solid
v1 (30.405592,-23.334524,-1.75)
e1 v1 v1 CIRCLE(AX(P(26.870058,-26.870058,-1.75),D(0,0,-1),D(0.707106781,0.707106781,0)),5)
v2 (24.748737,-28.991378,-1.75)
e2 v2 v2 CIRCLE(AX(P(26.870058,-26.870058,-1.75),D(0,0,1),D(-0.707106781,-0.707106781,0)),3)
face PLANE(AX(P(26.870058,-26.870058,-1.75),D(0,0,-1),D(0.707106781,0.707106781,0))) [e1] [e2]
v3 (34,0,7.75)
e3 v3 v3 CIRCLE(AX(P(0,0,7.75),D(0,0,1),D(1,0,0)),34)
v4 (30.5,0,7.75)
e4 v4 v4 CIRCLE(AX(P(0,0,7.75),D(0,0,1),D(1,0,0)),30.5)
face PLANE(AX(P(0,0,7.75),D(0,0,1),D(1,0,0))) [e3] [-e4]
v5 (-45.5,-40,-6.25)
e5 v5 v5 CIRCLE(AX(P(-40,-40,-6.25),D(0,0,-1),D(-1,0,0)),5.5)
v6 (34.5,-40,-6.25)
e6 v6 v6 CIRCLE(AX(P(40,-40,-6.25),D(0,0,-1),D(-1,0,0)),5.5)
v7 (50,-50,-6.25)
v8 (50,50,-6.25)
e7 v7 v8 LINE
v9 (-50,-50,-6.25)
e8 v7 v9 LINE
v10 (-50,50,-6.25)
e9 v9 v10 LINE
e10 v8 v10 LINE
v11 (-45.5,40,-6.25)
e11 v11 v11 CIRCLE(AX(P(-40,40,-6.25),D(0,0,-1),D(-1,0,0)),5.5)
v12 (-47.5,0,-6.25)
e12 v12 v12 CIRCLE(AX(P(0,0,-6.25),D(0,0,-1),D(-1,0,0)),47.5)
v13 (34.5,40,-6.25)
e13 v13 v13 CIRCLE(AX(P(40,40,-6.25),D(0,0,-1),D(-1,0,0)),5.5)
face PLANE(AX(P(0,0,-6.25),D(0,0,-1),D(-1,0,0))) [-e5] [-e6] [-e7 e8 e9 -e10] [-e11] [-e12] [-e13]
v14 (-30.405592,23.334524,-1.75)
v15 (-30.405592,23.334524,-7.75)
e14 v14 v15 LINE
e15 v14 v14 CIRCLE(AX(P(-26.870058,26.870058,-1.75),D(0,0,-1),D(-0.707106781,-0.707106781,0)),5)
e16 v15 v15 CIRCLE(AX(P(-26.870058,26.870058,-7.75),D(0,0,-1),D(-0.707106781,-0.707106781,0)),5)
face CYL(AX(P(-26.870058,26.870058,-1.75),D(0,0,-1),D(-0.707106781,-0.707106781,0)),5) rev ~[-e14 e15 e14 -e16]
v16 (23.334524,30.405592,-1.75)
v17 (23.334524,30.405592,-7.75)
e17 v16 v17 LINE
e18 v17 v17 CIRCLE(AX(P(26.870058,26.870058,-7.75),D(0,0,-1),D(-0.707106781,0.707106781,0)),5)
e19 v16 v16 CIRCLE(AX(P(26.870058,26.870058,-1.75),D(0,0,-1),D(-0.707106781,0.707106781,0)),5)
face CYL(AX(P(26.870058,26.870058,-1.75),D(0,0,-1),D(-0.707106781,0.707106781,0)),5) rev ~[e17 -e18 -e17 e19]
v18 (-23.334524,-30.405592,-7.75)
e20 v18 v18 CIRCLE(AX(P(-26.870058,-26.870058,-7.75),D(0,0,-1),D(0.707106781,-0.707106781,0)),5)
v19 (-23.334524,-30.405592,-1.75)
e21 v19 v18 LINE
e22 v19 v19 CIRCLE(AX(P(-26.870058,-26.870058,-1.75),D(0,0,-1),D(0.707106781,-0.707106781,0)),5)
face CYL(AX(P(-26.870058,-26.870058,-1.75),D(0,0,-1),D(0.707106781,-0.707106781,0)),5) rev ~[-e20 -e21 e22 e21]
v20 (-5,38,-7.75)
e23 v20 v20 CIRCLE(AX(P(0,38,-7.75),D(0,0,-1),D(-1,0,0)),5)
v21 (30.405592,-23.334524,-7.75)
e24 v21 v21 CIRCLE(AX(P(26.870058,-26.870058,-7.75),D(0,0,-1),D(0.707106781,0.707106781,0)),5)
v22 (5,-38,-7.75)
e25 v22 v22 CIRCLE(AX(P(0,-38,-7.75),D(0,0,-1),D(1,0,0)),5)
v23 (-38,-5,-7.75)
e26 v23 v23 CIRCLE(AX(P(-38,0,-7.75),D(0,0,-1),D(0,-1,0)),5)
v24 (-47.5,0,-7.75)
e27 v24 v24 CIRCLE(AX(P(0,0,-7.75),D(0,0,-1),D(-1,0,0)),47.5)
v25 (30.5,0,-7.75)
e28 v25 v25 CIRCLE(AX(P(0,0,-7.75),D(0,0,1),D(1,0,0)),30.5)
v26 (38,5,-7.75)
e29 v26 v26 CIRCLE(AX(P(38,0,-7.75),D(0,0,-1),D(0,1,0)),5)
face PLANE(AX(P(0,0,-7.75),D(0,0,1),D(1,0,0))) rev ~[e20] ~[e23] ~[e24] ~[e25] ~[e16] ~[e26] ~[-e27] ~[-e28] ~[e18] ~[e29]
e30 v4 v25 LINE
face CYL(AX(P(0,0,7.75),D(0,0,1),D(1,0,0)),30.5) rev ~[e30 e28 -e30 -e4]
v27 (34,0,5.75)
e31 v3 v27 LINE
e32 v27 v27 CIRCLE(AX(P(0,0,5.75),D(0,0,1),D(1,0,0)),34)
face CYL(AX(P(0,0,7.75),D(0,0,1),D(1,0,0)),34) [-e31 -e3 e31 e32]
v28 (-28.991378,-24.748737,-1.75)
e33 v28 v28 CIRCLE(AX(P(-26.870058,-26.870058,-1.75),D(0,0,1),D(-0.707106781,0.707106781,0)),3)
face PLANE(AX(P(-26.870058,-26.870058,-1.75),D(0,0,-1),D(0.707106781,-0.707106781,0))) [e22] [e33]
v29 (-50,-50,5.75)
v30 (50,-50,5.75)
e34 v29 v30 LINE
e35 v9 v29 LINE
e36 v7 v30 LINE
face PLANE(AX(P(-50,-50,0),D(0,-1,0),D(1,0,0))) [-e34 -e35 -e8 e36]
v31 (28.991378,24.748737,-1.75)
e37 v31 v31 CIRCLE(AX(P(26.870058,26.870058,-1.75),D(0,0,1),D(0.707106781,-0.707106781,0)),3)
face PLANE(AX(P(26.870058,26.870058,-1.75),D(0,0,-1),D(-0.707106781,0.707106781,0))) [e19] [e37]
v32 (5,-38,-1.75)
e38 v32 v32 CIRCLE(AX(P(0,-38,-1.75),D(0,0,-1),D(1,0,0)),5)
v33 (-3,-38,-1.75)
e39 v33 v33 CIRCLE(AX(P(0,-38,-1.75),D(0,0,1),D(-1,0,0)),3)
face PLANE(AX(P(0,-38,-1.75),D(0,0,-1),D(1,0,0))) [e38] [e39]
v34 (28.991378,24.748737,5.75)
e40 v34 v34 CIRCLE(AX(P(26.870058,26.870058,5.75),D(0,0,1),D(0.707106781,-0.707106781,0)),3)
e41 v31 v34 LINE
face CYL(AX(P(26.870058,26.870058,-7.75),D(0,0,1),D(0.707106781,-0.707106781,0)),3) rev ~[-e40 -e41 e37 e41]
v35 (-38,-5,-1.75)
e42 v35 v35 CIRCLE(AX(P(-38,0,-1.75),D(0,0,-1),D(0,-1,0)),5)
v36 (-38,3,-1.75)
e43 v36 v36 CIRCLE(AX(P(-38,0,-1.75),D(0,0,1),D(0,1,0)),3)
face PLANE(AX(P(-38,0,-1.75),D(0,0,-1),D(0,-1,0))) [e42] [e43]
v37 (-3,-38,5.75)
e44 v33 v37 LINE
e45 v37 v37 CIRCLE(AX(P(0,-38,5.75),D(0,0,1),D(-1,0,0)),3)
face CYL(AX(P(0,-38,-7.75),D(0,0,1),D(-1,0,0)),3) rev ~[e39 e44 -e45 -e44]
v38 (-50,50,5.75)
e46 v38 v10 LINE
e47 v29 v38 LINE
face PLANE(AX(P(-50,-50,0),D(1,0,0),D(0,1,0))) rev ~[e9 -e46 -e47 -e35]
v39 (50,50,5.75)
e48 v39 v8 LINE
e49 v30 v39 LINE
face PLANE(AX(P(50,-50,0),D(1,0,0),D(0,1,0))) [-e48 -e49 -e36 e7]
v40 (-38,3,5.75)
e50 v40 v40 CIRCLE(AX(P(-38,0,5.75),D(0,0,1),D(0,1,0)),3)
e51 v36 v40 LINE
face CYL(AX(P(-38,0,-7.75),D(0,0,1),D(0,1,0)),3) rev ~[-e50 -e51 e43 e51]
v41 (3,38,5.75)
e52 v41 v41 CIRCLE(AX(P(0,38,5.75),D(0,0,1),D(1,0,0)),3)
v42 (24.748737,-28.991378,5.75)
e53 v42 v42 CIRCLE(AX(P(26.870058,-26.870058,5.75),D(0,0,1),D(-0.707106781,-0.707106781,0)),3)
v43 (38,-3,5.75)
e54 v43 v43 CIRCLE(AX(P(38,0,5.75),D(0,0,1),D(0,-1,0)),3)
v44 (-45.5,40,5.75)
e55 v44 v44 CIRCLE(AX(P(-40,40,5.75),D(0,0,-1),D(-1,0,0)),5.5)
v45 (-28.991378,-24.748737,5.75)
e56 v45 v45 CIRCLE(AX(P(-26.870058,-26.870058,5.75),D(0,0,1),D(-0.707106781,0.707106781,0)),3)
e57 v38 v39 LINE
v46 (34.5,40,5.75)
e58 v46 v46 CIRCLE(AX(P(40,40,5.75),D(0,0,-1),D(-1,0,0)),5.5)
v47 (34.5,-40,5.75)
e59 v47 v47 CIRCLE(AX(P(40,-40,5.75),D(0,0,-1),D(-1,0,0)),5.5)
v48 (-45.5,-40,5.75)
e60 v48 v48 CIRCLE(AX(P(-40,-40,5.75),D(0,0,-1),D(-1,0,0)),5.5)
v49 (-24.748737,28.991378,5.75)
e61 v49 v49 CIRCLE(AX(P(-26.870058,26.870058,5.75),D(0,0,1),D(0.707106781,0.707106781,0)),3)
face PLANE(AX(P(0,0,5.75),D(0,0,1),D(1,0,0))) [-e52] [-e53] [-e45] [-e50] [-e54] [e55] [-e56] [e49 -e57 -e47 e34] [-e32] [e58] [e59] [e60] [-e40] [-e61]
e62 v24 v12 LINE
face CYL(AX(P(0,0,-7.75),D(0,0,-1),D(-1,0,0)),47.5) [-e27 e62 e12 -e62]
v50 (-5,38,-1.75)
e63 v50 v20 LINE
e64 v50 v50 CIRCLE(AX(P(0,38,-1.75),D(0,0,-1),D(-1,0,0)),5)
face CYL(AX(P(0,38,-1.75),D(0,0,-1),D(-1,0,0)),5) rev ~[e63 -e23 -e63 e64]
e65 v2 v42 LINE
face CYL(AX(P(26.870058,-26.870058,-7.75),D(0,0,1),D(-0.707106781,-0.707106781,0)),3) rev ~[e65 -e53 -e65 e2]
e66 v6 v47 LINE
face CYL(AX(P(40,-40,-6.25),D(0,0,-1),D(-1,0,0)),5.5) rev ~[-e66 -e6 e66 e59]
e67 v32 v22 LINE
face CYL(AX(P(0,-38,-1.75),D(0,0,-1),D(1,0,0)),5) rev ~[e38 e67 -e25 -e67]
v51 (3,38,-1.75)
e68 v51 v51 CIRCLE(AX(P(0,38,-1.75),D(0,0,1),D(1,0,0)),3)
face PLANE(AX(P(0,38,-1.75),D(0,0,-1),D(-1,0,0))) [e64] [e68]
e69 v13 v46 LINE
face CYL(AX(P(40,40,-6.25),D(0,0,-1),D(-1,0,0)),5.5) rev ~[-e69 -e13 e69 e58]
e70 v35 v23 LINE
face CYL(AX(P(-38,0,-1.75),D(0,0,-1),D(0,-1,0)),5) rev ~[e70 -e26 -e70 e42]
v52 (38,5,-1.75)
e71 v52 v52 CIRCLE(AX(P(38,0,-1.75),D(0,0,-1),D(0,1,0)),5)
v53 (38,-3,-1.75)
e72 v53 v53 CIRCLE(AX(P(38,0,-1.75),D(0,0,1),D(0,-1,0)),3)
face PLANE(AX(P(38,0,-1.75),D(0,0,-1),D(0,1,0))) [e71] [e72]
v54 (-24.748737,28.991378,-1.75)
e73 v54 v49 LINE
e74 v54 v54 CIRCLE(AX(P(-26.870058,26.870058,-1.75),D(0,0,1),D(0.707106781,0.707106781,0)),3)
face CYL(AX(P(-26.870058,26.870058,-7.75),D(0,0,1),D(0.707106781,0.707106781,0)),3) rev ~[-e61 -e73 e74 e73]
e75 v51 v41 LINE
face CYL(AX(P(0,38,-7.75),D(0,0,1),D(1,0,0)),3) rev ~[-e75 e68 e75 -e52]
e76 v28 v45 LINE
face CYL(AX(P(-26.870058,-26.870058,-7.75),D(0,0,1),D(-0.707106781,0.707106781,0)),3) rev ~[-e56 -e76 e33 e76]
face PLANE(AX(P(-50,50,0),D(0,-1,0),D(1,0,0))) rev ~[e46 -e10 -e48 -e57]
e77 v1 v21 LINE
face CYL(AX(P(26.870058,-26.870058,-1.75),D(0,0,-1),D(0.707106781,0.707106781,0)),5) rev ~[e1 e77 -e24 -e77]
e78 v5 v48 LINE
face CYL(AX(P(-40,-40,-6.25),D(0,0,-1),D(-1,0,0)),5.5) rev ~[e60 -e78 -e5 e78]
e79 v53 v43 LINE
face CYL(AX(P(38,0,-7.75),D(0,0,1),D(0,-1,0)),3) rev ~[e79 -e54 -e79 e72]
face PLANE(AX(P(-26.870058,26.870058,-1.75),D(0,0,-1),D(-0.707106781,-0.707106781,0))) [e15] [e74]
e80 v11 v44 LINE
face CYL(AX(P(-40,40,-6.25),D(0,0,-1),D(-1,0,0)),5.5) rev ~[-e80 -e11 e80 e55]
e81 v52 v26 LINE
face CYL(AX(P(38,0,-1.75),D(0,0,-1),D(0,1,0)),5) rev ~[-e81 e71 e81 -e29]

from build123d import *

# Parameters (mm, degrees)
SKETCH_1_W                   = 100
SKETCH_1_H                   = 100
EXTRUDE_1_DEPTH              = 7.75
SKETCH_2_R                   = 30.5
CUT_EXTRUDE_1_DEPTH          = 17
SKETCH_3_W                   = 100
SKETCH_3_H                   = 100
SKETCH_3_R                   = 34
CUT_EXTRUDE_2_DEPTH          = 2
SKETCH_4_W                   = 100
SKETCH_4_H                   = 100
SKETCH_4_R                   = 47.5
CUT_EXTRUDE_3_DEPTH          = 1.5
HOLE_WIZARD_M6_1_D           = 6
HOLE_WIZARD_M6_1_CBORE_D     = 10
HOLE_WIZARD_M6_1_CBORE_DEPTH = 6
PATTERN_CIRCULAR_1_COUNT     = 8
CUT_EXTRUDE_4_REACH          = 74.083
SKETCH_8_R                   = 5.5


with BuildPart() as part:
    # 草图1 → 凸台-拉伸1 (new, symmetric)
    with BuildSketch(Plane.XY):
        Rectangle(SKETCH_1_W, SKETCH_1_H)
    extrude(amount=EXTRUDE_1_DEPTH, both=True)

    # 草图2 → 切除-拉伸1 (cut)
    with BuildSketch(Plane.XY.offset(7.75)):
        Circle(SKETCH_2_R)
    extrude(amount=-CUT_EXTRUDE_1_DEPTH, mode=Mode.SUBTRACT)

    # 草图3 → 切除-拉伸2 (cut)
    with BuildSketch(Plane.XY.offset(7.75)):
        Rectangle(SKETCH_3_W, SKETCH_3_H)
        Circle(SKETCH_3_R, mode=Mode.SUBTRACT)
    extrude(amount=-CUT_EXTRUDE_2_DEPTH, mode=Mode.SUBTRACT)

    # 草图4 → 切除-拉伸3 (cut)
    with BuildSketch(Plane(origin=(0, 0, -7.75), x_dir=(-1, 0, 0), z_dir=(0, 0, -1))):
        Rectangle(SKETCH_4_W, SKETCH_4_H)
        Circle(SKETCH_4_R, mode=Mode.SUBTRACT)
    extrude(amount=-CUT_EXTRUDE_3_DEPTH, mode=Mode.SUBTRACT)

    # M6 六角头螺栓的柱形沉头孔1 (through all)
    with Locations(Plane(origin=(0, 0, -7.75), x_dir=(-1, 0, 0), z_dir=(0, 0, -1))):
        with Locations((0, 38)):
            hole_wizard_m6_1 = CounterBoreHole(HOLE_WIZARD_M6_1_D / 2, HOLE_WIZARD_M6_1_CBORE_D / 2, HOLE_WIZARD_M6_1_CBORE_DEPTH)

    # 阵列(圆周)1: M6 六角头螺栓的柱形沉头孔1 ×8 about axis
    pattern_circular_1_axis = Axis((0, 0, 0), (0, 0, 1))
    for i in range(1, PATTERN_CIRCULAR_1_COUNT):
        add(hole_wizard_m6_1.rotate(pattern_circular_1_axis, i * 360 / PATTERN_CIRCULAR_1_COUNT), mode=Mode.SUBTRACT)

    # 草图8 → 切除-拉伸4 (cut, up to next)
    with BuildSketch(Plane(origin=(0, 0, -6.25), x_dir=(-1, 0, 0), z_dir=(0, 0, -1)), mode=Mode.PRIVATE) as cut_extrude_4_sk1:
        with Locations((40, 40)):
            Circle(SKETCH_8_R)
    cut_extrude_4_tool1 = extrude(cut_extrude_4_sk1.sketch, amount=-CUT_EXTRUDE_4_REACH, mode=Mode.PRIVATE) & part.part
    # 草图8 → 切除-拉伸4 (cut, up to next)
    with BuildSketch(Plane(origin=(0, 0, -6.25), x_dir=(-1, 0, 0), z_dir=(0, 0, -1)), mode=Mode.PRIVATE) as cut_extrude_4_sk2:
        with Locations((40, -40)):
            Circle(SKETCH_8_R)
    cut_extrude_4_tool2 = extrude(cut_extrude_4_sk2.sketch, amount=-CUT_EXTRUDE_4_REACH, mode=Mode.PRIVATE) & part.part
    # 草图8 → 切除-拉伸4 (cut, up to next)
    with BuildSketch(Plane(origin=(0, 0, -6.25), x_dir=(-1, 0, 0), z_dir=(0, 0, -1)), mode=Mode.PRIVATE) as cut_extrude_4_sk3:
        with Locations((-40, -40)):
            Circle(SKETCH_8_R)
    cut_extrude_4_tool3 = extrude(cut_extrude_4_sk3.sketch, amount=-CUT_EXTRUDE_4_REACH, mode=Mode.PRIVATE) & part.part
    # 草图8 → 切除-拉伸4 (cut, up to next)
    with BuildSketch(Plane(origin=(0, 0, -6.25), x_dir=(-1, 0, 0), z_dir=(0, 0, -1)), mode=Mode.PRIVATE) as cut_extrude_4_sk4:
        with Locations((-40, 40)):
            Circle(SKETCH_8_R)
    cut_extrude_4_tool4 = extrude(cut_extrude_4_sk4.sketch, amount=-CUT_EXTRUDE_4_REACH, mode=Mode.PRIVATE) & part.part
    add(cut_extrude_4_tool1.solids().sort_by_distance((-40, 40, -6.25))[0], mode=Mode.SUBTRACT)
    add(cut_extrude_4_tool2.solids().sort_by_distance((-40, -40, -6.25))[0], mode=Mode.SUBTRACT)
    add(cut_extrude_4_tool3.solids().sort_by_distance((40, -40, -6.25))[0], mode=Mode.SUBTRACT)
    add(cut_extrude_4_tool4.solids().sort_by_distance((40, 40, -6.25))[0], mode=Mode.SUBTRACT)


solid = part.part
